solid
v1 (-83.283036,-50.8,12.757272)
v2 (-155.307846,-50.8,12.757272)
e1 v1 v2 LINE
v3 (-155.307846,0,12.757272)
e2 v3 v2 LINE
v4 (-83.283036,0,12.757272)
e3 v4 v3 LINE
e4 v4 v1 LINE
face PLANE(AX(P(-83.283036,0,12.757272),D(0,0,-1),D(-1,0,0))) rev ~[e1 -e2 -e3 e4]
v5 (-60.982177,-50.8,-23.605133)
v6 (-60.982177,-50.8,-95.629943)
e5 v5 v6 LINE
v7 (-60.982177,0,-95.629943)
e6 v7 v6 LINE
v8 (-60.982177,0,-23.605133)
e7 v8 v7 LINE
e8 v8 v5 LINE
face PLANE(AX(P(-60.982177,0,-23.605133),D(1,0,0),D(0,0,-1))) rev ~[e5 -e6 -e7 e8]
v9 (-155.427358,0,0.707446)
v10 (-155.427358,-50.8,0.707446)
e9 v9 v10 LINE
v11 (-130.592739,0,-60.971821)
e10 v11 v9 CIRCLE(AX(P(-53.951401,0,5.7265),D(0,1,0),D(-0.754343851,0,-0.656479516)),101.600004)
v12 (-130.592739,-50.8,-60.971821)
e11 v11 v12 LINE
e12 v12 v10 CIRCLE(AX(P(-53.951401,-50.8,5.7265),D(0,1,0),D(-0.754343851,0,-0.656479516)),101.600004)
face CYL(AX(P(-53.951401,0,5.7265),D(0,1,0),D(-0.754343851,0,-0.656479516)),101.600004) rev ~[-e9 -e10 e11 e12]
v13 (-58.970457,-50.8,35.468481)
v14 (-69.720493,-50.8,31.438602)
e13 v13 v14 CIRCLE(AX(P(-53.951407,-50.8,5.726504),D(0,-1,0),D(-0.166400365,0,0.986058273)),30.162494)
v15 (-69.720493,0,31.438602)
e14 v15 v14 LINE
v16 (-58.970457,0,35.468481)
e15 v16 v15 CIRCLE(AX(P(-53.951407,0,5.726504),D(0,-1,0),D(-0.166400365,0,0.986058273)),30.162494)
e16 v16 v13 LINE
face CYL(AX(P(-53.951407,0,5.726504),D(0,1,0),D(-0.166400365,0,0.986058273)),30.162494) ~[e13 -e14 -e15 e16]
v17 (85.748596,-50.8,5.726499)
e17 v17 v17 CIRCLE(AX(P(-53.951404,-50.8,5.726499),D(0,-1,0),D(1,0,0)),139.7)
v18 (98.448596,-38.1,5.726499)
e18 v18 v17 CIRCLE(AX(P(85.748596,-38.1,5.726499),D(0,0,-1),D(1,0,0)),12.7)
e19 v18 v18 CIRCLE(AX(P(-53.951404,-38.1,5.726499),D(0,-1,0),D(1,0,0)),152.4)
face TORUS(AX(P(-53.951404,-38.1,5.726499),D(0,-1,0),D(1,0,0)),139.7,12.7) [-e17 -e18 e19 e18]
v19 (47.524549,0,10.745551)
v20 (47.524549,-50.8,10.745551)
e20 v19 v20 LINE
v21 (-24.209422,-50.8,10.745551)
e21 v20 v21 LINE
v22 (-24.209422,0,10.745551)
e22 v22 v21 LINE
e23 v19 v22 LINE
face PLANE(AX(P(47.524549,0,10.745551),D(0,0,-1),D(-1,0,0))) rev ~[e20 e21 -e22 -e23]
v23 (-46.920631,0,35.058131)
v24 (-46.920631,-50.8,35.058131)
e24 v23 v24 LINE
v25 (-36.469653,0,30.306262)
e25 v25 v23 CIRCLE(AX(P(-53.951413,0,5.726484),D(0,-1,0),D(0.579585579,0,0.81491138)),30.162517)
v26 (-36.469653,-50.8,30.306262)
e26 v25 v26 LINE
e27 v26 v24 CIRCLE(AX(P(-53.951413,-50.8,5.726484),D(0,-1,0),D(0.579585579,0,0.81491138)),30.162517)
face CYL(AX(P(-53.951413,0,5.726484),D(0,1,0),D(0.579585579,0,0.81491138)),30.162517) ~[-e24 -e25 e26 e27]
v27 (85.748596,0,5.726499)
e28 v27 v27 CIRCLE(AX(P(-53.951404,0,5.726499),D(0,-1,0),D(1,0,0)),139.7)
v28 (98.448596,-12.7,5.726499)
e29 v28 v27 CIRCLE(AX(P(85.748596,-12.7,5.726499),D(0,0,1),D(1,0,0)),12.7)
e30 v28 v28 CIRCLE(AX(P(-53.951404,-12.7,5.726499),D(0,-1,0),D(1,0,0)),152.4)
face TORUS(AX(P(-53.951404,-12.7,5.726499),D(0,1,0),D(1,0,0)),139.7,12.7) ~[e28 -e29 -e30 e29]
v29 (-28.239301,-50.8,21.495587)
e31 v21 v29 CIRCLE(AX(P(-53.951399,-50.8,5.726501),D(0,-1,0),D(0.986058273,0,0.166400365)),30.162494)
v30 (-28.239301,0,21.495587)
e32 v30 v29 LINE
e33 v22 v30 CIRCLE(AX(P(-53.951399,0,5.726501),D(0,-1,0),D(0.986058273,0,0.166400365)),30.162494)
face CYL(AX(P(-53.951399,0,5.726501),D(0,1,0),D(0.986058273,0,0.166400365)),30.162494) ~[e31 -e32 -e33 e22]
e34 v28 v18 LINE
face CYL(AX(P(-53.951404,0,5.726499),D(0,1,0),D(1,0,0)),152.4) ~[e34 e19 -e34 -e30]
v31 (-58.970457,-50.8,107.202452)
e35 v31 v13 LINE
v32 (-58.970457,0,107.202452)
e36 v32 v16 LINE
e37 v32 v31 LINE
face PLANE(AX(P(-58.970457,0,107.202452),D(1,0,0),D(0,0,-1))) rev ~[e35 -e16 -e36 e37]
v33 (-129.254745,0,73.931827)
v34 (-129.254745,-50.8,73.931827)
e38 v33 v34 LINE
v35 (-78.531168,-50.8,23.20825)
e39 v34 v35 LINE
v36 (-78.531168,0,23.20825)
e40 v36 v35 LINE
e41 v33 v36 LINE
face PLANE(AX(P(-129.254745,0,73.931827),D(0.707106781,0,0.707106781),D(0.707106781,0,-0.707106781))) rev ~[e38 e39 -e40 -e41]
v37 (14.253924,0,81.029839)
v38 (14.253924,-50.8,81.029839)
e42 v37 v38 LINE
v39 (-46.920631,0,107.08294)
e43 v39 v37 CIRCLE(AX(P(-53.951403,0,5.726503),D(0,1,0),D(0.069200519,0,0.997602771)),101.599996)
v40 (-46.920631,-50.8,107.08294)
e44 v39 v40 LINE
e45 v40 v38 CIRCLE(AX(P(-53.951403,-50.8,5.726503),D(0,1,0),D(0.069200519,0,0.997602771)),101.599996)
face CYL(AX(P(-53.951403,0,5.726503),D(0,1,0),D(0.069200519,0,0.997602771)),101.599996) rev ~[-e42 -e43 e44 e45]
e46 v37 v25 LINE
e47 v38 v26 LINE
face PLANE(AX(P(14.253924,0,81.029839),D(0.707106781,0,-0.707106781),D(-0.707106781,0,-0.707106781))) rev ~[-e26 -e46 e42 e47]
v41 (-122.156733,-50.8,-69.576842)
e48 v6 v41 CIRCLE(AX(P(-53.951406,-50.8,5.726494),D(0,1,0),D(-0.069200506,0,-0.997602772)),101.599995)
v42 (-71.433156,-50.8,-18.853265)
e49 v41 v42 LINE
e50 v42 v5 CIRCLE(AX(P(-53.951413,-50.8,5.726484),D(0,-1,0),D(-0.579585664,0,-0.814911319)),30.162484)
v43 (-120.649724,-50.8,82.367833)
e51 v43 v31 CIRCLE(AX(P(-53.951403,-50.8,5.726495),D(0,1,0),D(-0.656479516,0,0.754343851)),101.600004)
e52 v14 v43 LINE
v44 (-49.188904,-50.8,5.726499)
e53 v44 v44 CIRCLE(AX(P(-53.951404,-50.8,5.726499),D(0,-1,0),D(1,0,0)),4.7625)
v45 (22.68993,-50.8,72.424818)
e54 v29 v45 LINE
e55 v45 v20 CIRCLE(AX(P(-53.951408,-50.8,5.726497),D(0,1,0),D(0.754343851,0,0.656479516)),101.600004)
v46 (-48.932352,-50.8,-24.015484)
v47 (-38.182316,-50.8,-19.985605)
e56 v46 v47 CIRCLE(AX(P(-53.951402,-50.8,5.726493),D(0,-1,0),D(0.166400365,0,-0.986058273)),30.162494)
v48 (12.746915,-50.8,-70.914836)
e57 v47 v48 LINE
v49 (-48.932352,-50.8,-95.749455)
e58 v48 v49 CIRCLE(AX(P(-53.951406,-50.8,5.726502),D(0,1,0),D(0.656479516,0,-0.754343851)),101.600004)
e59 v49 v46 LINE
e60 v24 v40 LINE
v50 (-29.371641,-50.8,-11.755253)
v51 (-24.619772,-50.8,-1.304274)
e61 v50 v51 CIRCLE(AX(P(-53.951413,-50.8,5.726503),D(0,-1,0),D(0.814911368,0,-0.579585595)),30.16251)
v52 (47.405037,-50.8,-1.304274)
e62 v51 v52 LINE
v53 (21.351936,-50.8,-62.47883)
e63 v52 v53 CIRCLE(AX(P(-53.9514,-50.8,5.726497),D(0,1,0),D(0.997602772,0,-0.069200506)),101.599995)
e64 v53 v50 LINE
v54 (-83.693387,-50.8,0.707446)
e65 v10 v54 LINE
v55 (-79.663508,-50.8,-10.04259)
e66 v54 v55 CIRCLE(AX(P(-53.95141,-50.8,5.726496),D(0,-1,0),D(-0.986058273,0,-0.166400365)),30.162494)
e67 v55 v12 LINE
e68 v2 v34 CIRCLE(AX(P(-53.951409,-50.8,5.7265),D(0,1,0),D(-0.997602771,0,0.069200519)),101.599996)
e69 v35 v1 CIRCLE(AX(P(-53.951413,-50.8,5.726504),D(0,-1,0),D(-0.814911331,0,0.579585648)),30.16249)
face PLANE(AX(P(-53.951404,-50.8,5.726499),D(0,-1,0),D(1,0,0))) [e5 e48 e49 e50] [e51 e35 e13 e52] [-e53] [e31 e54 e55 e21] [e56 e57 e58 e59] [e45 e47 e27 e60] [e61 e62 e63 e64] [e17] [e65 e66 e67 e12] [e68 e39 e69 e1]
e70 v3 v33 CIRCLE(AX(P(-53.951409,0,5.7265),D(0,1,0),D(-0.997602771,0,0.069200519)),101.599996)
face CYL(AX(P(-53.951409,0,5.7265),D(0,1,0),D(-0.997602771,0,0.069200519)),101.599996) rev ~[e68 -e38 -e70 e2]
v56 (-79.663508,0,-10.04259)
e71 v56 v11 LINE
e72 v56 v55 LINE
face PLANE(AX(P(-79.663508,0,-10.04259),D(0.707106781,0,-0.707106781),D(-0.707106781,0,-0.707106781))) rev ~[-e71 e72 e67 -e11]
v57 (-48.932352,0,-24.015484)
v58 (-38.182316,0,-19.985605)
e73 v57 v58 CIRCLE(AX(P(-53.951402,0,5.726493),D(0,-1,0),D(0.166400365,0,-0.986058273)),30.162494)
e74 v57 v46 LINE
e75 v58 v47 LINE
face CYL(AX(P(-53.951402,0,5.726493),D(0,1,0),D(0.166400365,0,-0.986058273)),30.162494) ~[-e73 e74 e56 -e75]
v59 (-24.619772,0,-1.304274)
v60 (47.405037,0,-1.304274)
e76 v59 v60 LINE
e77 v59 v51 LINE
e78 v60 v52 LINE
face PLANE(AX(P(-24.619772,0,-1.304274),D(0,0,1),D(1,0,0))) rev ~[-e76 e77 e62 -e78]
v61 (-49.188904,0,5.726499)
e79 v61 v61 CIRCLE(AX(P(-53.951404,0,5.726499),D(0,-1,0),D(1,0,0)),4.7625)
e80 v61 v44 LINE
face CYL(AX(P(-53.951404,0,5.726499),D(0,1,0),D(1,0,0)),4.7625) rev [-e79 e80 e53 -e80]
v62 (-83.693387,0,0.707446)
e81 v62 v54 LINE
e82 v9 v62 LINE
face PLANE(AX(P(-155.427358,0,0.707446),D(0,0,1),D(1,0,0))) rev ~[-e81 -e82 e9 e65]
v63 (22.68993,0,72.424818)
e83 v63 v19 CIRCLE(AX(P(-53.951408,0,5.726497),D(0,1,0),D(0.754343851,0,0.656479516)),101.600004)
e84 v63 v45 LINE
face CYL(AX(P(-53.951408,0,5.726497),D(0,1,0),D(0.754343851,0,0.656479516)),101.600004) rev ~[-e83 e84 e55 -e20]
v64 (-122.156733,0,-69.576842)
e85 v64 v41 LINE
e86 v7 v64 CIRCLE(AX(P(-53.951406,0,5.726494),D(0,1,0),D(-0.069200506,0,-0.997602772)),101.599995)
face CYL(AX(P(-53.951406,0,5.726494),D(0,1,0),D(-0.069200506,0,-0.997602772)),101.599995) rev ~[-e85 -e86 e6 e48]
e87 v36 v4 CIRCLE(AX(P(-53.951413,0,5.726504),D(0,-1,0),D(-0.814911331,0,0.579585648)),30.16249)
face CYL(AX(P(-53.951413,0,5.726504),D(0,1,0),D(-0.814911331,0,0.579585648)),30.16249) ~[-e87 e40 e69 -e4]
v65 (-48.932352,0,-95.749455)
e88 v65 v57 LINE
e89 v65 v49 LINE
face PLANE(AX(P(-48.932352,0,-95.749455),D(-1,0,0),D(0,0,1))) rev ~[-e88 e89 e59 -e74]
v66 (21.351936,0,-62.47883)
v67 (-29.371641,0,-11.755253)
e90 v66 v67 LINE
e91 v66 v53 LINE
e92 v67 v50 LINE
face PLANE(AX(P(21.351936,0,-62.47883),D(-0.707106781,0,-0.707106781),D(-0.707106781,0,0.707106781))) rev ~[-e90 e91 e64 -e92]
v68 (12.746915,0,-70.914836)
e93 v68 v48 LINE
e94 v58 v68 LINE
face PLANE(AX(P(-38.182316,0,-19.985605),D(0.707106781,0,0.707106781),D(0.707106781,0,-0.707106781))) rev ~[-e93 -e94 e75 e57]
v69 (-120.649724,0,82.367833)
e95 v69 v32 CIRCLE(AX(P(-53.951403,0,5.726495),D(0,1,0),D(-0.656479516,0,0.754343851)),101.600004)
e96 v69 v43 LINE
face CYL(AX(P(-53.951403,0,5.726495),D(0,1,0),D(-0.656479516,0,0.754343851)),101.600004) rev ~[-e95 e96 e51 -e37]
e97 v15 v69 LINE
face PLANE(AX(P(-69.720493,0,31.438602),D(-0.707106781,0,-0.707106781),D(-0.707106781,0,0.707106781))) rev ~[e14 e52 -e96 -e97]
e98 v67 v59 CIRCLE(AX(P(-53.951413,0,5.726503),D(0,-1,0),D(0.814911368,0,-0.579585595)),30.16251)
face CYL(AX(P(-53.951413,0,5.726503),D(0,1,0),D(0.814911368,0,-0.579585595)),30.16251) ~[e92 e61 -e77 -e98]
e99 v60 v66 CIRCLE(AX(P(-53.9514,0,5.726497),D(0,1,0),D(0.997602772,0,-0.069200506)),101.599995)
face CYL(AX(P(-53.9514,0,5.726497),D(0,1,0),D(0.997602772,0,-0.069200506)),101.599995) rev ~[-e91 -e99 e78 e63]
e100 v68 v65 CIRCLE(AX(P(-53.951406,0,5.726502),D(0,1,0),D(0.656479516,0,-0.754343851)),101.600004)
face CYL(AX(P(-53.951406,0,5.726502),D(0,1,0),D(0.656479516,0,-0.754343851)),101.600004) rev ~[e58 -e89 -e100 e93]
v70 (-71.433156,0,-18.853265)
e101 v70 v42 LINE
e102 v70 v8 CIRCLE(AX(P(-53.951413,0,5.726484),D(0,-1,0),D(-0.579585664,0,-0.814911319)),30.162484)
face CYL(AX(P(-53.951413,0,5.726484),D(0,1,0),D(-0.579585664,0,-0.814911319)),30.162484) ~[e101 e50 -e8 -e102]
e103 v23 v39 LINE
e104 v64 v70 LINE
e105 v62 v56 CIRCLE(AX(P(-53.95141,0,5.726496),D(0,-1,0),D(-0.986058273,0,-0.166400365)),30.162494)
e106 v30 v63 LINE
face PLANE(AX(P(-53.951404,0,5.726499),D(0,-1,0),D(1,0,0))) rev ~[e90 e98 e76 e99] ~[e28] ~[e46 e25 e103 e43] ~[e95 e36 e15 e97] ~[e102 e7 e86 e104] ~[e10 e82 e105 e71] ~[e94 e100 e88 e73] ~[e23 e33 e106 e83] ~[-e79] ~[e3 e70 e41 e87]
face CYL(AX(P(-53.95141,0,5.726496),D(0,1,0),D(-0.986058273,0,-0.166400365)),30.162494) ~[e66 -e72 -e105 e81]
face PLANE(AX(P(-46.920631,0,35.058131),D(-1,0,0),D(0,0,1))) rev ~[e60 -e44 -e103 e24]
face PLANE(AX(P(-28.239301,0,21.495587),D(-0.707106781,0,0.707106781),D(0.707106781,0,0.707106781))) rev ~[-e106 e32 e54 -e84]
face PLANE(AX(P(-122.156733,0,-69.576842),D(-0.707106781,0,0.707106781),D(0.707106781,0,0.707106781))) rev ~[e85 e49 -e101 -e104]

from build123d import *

# Parameters (mm, degrees)
F0_R     = 152.4
F0_R_2   = 4.7625
F1_DEPTH = 50.8
F2_R     = 12.7


with BuildPart() as f1:
    # F0 (on Front) → F1 (new body)
    with BuildSketch(Plane.XZ):
        with Locations((-53.951404, 5.726499)):
            Circle(F0_R)
        with BuildLine():
            Line((-122.156733, -69.576842), (-71.433156, -18.853265))
            ThreePointArc((-71.433156, -18.853265), (-66.435836, -21.731021), (-60.982177, -23.605133))
            Line((-60.982177, -23.605133), (-60.982177, -95.629943))
            ThreePointArc((-60.982177, -95.629943), (-93.761061, -87.749441), (-122.156733, -69.576842))
        make_face(mode=Mode.SUBTRACT)
        with BuildLine():
            Line((-155.427358, 0.707446), (-83.693387, 0.707446))
            ThreePointArc((-83.693387, 0.707446), (-82.194629, -4.861074), (-79.663508, -10.04259))
            Line((-79.663508, -10.04259), (-130.592739, -60.971821))
            ThreePointArc((-130.592739, -60.971821), (-148.198553, -32.221294), (-155.427358, 0.707446))
        make_face(mode=Mode.SUBTRACT)
        with BuildLine():
            Line((-48.932352, -95.749455), (-48.932352, -24.015484))
            ThreePointArc((-48.932352, -24.015484), (-43.363832, -22.516726), (-38.182316, -19.985605))
            Line((-38.182316, -19.985605), (12.746915, -70.914836))
            ThreePointArc((12.746915, -70.914836), (-16.003612, -88.52065), (-48.932352, -95.749455))
        make_face(mode=Mode.SUBTRACT)
        with BuildLine():
            Line((21.351936, -62.47883), (-29.371641, -11.755253))
            ThreePointArc((-29.371641, -11.755253), (-26.493885, -6.757933), (-24.619772, -1.304274))
            Line((-24.619772, -1.304274), (47.405037, -1.304274))
            ThreePointArc((47.405037, -1.304274), (39.524535, -34.083158), (21.351936, -62.47883))
        make_face(mode=Mode.SUBTRACT)
        with BuildLine():
            ThreePointArc((-78.531168, 23.20825), (-81.408924, 18.21093), (-83.283036, 12.757272))
            Line((-83.283036, 12.757272), (-155.307846, 12.757272))
            ThreePointArc((-155.307846, 12.757272), (-147.427344, 45.536155), (-129.254745, 73.931827))
            Line((-129.254745, 73.931827), (-78.531168, 23.20825))
        make_face(mode=Mode.SUBTRACT)
        with BuildLine():
            ThreePointArc((-120.649724, 82.367833), (-91.899197, 99.973647), (-58.970457, 107.202452))
            Line((-58.970457, 107.202452), (-58.970457, 35.468481))
            ThreePointArc((-58.970457, 35.468481), (-64.538977, 33.969723), (-69.720493, 31.438602))
            Line((-69.720493, 31.438602), (-120.649724, 82.367833))
        make_face(mode=Mode.SUBTRACT)
        with Locations((-53.951404, 5.726499)):
            Circle(F0_R_2, mode=Mode.SUBTRACT)
        with BuildLine():
            ThreePointArc((-24.209422, 10.745551), (-25.70818, 16.314071), (-28.239301, 21.495587))
            Line((-28.239301, 21.495587), (22.68993, 72.424818))
            ThreePointArc((22.68993, 72.424818), (40.295744, 43.674291), (47.524549, 10.745551))
            Line((47.524549, 10.745551), (-24.209422, 10.745551))
        make_face(mode=Mode.SUBTRACT)
        with BuildLine():
            Line((14.253924, 81.029839), (-36.469653, 30.306262))
            ThreePointArc((-36.469653, 30.306262), (-41.466973, 33.184018), (-46.920631, 35.058131))
            Line((-46.920631, 35.058131), (-46.920631, 107.08294))
            ThreePointArc((-46.920631, 107.08294), (-14.141748, 99.202438), (14.253924, 81.029839))
        make_face(mode=Mode.SUBTRACT)
    extrude(amount=F1_DEPTH)

    # F2
    f2_edges = [f1.edges().sort_by_distance(p)[0] for p in [
        (-206.351404, -50.8, 5.726499),
        (-206.351404, 0, 5.726499),
    ]]
    fillet(f2_edges, radius=F2_R)


solid = f1.part
